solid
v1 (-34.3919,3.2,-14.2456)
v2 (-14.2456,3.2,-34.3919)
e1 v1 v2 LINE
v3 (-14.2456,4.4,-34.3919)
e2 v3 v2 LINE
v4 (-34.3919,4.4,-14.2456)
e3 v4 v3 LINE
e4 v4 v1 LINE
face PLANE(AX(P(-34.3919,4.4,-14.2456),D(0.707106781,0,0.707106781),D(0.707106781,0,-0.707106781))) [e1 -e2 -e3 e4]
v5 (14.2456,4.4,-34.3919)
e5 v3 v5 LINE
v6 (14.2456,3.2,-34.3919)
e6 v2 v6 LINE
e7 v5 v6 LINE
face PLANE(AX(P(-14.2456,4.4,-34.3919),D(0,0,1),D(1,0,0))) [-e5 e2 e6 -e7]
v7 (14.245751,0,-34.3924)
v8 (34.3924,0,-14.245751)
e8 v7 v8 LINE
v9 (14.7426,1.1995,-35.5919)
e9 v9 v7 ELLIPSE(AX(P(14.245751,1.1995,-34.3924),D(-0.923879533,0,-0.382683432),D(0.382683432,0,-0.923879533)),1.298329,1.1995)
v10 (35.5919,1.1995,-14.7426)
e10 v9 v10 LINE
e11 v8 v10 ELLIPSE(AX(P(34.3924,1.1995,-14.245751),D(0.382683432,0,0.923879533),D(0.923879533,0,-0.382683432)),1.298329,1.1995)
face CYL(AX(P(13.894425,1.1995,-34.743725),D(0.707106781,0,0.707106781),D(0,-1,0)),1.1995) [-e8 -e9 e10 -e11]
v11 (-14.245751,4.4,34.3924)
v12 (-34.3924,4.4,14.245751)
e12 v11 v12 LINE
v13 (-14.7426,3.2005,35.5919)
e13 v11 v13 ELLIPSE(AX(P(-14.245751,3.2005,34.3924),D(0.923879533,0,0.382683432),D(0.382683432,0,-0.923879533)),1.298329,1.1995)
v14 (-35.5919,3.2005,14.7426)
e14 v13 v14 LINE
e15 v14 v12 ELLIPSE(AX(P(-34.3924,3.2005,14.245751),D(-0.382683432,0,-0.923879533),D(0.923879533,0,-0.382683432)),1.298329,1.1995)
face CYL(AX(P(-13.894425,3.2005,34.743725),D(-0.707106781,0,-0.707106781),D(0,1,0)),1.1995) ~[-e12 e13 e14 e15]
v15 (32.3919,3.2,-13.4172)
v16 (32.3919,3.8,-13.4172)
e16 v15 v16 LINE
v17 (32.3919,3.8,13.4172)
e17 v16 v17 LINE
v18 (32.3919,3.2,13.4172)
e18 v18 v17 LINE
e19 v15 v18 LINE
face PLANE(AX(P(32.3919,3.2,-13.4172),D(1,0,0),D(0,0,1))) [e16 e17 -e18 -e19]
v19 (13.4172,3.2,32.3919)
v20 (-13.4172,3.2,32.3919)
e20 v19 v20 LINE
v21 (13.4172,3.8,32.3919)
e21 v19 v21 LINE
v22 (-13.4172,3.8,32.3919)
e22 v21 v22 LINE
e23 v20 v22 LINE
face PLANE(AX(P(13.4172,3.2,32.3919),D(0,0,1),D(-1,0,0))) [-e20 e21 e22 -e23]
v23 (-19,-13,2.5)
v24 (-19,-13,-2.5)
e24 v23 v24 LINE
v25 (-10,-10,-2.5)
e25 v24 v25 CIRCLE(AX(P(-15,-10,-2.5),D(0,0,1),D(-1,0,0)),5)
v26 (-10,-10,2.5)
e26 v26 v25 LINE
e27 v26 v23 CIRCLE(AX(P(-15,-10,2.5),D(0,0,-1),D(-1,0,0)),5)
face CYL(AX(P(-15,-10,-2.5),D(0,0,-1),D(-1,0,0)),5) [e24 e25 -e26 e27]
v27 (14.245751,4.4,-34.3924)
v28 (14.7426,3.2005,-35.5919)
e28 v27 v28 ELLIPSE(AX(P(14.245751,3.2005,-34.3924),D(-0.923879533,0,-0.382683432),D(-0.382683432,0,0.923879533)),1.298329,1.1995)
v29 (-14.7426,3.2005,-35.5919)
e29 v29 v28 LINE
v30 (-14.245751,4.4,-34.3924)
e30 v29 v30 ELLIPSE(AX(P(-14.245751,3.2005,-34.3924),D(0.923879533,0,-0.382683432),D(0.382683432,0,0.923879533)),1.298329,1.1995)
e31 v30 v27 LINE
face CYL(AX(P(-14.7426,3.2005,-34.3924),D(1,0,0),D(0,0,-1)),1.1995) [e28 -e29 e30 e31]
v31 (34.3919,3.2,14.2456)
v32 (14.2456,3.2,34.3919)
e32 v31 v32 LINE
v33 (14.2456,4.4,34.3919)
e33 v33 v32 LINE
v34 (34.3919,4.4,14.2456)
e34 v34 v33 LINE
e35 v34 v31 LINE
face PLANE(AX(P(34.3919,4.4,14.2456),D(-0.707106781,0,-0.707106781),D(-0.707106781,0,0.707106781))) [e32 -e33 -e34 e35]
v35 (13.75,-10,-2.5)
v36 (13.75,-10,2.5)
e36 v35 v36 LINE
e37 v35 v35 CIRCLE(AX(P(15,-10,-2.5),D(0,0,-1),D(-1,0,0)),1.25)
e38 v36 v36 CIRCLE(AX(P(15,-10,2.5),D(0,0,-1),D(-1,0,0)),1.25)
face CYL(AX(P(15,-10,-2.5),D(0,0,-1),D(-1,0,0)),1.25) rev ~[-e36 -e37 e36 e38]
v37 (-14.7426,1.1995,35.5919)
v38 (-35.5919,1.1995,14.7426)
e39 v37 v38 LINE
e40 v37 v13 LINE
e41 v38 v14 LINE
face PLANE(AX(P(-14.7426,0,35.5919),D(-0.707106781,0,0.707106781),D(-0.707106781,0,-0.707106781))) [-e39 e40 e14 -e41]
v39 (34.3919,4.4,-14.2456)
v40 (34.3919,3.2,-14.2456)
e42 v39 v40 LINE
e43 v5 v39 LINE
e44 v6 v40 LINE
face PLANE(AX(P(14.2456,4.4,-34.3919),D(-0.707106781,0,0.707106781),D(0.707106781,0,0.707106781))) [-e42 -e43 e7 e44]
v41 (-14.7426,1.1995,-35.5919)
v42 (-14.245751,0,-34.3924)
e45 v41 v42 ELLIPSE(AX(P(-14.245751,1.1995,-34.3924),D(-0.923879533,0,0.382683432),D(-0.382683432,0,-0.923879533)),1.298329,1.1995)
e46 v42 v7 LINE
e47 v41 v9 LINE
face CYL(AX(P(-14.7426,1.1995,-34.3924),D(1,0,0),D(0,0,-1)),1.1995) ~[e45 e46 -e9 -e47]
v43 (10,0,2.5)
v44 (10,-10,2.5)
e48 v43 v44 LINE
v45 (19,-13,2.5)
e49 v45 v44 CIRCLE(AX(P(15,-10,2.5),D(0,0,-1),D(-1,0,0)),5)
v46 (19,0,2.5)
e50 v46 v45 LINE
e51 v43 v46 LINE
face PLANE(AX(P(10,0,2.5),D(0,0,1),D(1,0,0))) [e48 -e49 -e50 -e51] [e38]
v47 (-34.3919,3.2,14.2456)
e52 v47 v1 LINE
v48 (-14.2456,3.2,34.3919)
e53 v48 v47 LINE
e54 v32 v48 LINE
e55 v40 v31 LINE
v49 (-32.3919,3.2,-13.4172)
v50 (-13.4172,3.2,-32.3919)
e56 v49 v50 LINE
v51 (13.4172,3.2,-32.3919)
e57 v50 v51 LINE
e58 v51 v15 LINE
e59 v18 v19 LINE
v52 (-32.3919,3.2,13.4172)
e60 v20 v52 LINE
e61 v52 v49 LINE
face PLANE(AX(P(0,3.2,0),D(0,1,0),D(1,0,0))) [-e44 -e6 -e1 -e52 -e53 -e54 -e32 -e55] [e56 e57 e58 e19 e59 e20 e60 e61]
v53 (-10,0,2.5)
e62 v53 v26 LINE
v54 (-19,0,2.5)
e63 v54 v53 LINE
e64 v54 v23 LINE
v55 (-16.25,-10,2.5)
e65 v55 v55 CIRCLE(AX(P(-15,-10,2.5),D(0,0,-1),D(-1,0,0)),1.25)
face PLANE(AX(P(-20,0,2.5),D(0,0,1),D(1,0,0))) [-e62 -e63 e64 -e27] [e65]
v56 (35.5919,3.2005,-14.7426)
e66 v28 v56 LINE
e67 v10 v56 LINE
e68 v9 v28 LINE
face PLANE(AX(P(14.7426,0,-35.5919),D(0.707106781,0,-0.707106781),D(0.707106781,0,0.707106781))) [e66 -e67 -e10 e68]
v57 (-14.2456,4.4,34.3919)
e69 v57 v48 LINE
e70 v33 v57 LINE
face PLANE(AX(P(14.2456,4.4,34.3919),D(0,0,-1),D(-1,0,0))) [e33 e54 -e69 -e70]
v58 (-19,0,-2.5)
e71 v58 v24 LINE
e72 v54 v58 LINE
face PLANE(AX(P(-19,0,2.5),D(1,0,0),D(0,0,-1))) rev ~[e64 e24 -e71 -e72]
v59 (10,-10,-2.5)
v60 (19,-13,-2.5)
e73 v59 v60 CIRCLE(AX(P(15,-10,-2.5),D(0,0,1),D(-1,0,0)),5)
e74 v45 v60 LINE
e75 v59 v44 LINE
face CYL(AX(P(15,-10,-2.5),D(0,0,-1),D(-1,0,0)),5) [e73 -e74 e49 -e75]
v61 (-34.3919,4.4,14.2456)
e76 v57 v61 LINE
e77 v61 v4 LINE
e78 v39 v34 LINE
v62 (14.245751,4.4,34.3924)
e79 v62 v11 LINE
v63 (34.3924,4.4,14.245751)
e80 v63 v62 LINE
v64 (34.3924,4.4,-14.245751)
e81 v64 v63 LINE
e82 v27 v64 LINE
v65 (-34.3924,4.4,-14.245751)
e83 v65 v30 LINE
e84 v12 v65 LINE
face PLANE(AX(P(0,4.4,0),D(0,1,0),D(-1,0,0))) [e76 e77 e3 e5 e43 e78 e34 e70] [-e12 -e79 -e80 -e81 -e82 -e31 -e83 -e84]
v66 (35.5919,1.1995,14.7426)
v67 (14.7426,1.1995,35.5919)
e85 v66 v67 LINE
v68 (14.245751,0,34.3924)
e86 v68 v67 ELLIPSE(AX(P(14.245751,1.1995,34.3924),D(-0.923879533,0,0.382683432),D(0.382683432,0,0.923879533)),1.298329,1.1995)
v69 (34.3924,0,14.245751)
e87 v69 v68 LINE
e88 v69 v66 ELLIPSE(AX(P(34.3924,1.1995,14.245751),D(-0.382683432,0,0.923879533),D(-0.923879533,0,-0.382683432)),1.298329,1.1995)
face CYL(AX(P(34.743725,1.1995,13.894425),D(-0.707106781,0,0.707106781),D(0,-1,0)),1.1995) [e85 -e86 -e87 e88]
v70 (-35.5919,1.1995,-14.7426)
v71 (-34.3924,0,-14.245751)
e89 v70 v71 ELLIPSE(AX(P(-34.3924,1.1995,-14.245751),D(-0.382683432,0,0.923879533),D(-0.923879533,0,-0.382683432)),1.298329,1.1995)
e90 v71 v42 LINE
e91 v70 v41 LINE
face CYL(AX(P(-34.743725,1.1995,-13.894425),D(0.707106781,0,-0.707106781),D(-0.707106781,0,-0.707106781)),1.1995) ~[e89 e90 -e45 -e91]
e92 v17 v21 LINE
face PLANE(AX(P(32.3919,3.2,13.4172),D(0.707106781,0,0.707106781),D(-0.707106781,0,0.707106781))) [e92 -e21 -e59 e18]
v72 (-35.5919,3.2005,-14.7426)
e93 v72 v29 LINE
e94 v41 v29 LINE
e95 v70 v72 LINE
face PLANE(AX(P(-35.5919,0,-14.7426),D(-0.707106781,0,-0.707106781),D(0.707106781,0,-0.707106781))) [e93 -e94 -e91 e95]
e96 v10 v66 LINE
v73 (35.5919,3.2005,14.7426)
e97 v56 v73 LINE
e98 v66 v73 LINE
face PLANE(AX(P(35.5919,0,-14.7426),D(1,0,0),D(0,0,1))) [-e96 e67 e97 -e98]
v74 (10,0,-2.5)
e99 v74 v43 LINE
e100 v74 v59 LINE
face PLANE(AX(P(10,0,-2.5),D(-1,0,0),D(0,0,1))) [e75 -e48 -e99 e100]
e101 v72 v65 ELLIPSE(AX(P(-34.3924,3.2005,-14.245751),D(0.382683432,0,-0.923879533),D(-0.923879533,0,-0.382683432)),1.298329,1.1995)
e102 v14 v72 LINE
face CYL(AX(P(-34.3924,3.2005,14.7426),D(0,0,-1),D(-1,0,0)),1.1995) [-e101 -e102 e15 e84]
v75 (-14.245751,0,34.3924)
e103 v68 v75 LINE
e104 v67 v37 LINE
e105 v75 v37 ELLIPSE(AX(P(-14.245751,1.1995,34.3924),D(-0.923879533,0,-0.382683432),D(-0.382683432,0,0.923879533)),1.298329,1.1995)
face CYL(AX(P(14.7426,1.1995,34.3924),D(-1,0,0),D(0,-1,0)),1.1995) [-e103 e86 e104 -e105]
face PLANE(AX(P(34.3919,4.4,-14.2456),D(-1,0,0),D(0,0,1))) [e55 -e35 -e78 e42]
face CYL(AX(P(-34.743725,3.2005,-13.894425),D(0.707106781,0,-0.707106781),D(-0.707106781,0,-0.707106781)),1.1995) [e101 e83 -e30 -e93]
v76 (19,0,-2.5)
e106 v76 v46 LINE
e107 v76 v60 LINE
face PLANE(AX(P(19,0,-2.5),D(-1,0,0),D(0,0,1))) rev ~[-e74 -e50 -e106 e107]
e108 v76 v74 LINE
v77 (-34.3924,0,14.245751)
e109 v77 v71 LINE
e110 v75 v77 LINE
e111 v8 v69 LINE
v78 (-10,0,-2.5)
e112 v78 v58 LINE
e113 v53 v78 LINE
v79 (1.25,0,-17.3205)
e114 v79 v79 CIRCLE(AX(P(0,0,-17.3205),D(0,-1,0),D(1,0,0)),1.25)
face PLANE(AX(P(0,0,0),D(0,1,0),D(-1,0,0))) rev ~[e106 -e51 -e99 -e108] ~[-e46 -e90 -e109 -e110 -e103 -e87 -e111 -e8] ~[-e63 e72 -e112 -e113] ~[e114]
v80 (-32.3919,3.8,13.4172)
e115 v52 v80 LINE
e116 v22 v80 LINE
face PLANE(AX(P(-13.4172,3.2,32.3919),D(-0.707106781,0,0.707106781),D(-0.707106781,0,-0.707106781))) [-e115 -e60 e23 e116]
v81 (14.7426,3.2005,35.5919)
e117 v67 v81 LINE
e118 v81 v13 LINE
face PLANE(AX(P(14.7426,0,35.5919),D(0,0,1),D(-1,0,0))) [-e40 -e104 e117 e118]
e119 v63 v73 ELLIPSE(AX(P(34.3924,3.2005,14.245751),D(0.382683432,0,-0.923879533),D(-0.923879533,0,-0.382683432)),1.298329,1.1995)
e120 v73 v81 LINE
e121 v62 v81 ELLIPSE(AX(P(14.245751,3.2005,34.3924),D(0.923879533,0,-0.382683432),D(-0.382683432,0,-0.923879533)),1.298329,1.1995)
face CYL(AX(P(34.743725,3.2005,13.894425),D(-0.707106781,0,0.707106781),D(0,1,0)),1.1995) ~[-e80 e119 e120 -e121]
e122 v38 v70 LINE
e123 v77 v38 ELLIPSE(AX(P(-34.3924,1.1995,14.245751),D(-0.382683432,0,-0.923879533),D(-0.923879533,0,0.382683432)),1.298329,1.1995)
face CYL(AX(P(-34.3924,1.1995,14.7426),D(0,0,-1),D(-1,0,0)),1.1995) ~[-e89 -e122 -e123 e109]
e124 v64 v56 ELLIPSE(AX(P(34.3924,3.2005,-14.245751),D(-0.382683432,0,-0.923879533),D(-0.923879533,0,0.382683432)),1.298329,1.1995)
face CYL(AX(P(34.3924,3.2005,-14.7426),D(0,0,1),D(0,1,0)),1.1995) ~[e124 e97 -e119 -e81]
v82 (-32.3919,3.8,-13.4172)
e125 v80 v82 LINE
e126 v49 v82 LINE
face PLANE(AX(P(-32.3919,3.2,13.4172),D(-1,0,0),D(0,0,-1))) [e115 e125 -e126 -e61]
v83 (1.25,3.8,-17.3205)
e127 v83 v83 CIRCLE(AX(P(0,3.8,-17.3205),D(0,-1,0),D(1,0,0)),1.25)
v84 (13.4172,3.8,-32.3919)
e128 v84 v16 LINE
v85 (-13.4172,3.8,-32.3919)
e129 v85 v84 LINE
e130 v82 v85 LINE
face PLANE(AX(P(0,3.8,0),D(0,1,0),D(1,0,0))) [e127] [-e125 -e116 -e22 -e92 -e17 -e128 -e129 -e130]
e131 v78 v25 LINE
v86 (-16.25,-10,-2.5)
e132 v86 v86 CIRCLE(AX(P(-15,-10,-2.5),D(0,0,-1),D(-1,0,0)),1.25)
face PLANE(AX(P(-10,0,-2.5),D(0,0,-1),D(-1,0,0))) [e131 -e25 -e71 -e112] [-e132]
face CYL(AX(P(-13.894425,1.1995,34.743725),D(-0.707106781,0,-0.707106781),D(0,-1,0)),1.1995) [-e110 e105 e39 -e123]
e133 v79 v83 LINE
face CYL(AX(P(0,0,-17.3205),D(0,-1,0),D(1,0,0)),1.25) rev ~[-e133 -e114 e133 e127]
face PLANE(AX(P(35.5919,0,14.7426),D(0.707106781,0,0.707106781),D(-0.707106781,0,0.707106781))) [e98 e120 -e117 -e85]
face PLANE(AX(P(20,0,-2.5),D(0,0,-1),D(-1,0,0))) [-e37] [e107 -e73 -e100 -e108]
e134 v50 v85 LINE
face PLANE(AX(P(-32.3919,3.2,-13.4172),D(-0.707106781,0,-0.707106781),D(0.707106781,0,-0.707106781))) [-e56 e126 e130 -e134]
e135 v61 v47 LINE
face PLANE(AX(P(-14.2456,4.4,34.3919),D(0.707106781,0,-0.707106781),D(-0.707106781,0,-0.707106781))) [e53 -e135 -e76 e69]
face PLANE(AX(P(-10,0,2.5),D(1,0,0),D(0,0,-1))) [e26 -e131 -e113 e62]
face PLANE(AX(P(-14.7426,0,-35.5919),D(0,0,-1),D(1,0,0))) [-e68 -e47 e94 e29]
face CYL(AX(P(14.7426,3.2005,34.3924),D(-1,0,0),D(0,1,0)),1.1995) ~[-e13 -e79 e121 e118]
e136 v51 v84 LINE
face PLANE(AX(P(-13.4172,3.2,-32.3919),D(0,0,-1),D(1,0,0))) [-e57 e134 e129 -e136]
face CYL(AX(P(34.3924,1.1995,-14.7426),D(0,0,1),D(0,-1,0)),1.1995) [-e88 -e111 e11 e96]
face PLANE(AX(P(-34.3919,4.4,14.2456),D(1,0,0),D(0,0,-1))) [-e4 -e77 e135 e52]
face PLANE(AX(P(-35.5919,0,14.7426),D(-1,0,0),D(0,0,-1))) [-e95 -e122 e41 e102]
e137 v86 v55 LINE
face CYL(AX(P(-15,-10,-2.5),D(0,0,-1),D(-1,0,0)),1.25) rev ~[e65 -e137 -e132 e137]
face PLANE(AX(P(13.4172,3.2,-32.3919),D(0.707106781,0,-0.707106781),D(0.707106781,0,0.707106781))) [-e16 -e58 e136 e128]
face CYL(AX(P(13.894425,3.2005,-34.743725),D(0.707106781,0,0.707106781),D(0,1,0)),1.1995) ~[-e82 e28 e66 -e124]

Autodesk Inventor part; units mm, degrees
ref_plane "YZ Plane" through (0, 0, 0) normal (1, 0, 0) x (0, 1, 0)
ref_plane "XZ Plane" through (0, 0, 0) normal (0, 1, 0) x (-1, 0, 0)
ref_plane "XY Plane" through (0, 0, 0) normal (0, 0, 1) x (1, 0, 0)
sketch "스케치3" plane through (0, 0, 0) normal (0, 1, 0) x (-1, 0, 0)
  line L0 (35.5919, -14.7426) -> (14.7426, -35.5919)
  line L1 (14.7426, -35.5919) -> (-14.7426, -35.5919)
  line L2 (-14.7426, -35.5919) -> (-35.5919, -14.7426)
  line L3 (-35.5919, -14.7426) -> (-35.5919, 14.7426)
  line L4 (-35.5919, 14.7426) -> (-14.7426, 35.5919)
  line L5 (-14.7426, 35.5919) -> (14.7426, 35.5919)
  line L6 (14.7426, 35.5919) -> (35.5919, 14.7426)
  line L7 (35.5919, 14.7426) -> (35.5919, -14.7426)
  line L8 (32.5919, -13.5) -> (13.5, -32.5919)
  line L9 (13.5, -32.5919) -> (-13.5, -32.5919)
  line L10 (-13.5, -32.5919) -> (-32.5919, -13.5)
  line L11 (-32.5919, -13.5) -> (-32.5919, 13.5)
  line L12 (-32.5919, 13.5) -> (-13.5, 32.5919)
  line L13 (-13.5, 32.5919) -> (13.5, 32.5919)
  line L14 (13.5, 32.5919) -> (32.5919, 13.5)
  line L15 (32.5919, 13.5) -> (32.5919, -13.5)
  point P0 (0, 0)
  point P1 (0, 0)
  point P2 (0, 0)
  point P3 (0, 0)
  dimension "d43" = 27
  dimension "d44" = 3
extrude "돌출2" add sketch "스케치3" along normal blind 4.4 contours L0 L1 L2 L3 L4 L5 L6 L7 | L8 L9 L10 L11 L12 L13 L14 L15
sketch "스케치4" plane through (0, 4.4, 0) normal (0, 1, 0) x (1, 0, 0)
  line L0 (13.5, -32.5919) -> (-13.5, -32.5919)
  line L1 (-13.5, -32.5919) -> (-32.5919, -13.5)
  line L2 (-32.5919, -13.5) -> (-32.5919, 13.5)
  line L3 (-32.5919, 13.5) -> (-13.5, 32.5919)
  line L4 (-13.5, 32.5919) -> (13.5, 32.5919)
  line L5 (13.5, 32.5919) -> (32.5919, 13.5)
  line L6 (32.5919, 13.5) -> (32.5919, -13.5)
  line L7 (32.5919, -13.5) -> (13.5, -32.5919)
  line L8 (-14.2456, 34.3919) -> (14.2456, 34.3919)
  line L9 (14.2456, 34.3919) -> (34.3919, 14.2456)
  line L10 (34.3919, 14.2456) -> (34.3919, -14.2456)
  line L11 (34.3919, -14.2456) -> (14.2456, -34.3919)
  line L12 (14.2456, -34.3919) -> (-14.2456, -34.3919)
  line L13 (-14.2456, -34.3919) -> (-34.3919, -14.2456)
  line L14 (-34.3919, -14.2456) -> (-34.3919, 14.2456)
  line L15 (-34.3919, 14.2456) -> (-14.2456, 34.3919)
  line L16 (-13.4172, 32.3919) -> (13.4172, 32.3919)
  line L17 (13.4172, 32.3919) -> (32.3919, 13.4172)
  line L18 (32.3919, 13.4172) -> (32.3919, -13.4172)
  line L19 (32.3919, -13.4172) -> (13.4172, -32.3919)
  line L20 (13.4172, -32.3919) -> (-13.4172, -32.3919)
  line L21 (-13.4172, -32.3919) -> (-32.3919, -13.4172)
  line L22 (-32.3919, -13.4172) -> (-32.3919, 13.4172)
  line L23 (-32.3919, 13.4172) -> (-13.4172, 32.3919)
  point P0 (0, 0)
  point P1 (0, 0)
  point P2 (0, 0)
  point P3 (0, 0)
  dimension "d7" = 27
  dimension "d42" = 1.8
  dimension "d45" = 0.2
extrude "돌출3" cut sketch "스케치4" against normal blind 1.2 contours L0 L1 L2 L3 L4 L5 L6 L7 | L8 L9 L10 L11 L12 L13 L14 L15 | L16 L17 L18 L19 L20 L21 L22 L23
sketch "스케치5" plane through (0, 0, 0) normal (0, -1, 0) x (1, 0, 0)
  line L0 (10, 2.5) -> (20, 2.5)
  line L1 (20, 2.5) -> (20, -2.5)
  line L2 (20, -2.5) -> (10, -2.5)
  line L3 (10, -2.5) -> (10, 2.5)
  line L4 (10, 2.5) -> (20, -2.5) construction
  line L5 (20, 2.5) -> (10, -2.5) construction
  line L6 (-20, 2.5) -> (-10, 2.5)
  line L7 (-10, 2.5) -> (-10, -2.5)
  line L8 (-10, -2.5) -> (-20, -2.5)
  line L9 (-20, -2.5) -> (-20, 2.5)
  line L10 (-20, 2.5) -> (-10, -2.5) construction
  line L11 (-10, 2.5) -> (-20, -2.5) construction
  point P0 (0, 0)
  point P1 (15, 0)
  point P2 (-15, 0)
  dimension "d11" = 10
  dimension "d12" = 5
  dimension "d13" = 10
  dimension "d16" = 30
extrude "돌출4" add sketch "스케치5" along normal blind 10
sketch "스케치6" plane through (-10, 0, -2.5) normal (0, 0, -1) x (-1, 0, 0)
  circle A0 centre (5, -10) radius 5
  circle A1 centre (-25, -10) radius 5
  line L0 (-20, -10) -> (-30, -10) projected
  line L1 (10, -10) -> (0, -10) projected
  point P0 (-10, 0)
  dimension "d23" = 10
  dimension "d24" = 10
extrude "돌출5" add sketch "스케치6" against normal blind 5
sketch "스케치7" plane through (-10, 0, -2.5) normal (0, 0, -1) x (-1, 0, 0)
  circle A0 centre (5, -10) radius 1.25
  line L0 (10, 0) -> (10, -10) projected
  line L1 (0, 0) -> (10, 0) projected
  line L2 (4.7788, 0) -> (0, 0)
  circle A1 centre (-25, -10) radius 1.25
  point P0 (-10, 0)
  dimension "d27" = 2.5
  dimension "d28" = 5
  dimension "d31" = 30
extrude "돌출6" cut sketch "스케치7" against normal blind 5
sketch "스케치8" plane through (0, 0, 0) normal (0, -1, 0) x (1, 0, 0)
  circle A0 centre (0, -17.3205) radius 1.25
  line L0 (-10, 2.5) -> (-10, -2.5) projected
  point P0 (0, 0)
  point P1 (-10, 0)
  dimension "d38" = 2.5
  dimension "d39" = 17.3205
sketch "스케치9" plane through (0, 3.2, 0) normal (0, 1, 0) x (1, 0, 0)
  line L0 (-13.4172, 32.3919) -> (13.4172, 32.3919)
  line L1 (13.4172, 32.3919) -> (32.3919, 13.4172)
  line L2 (32.3919, 13.4172) -> (32.3919, -13.4172)
  line L3 (32.3919, -13.4172) -> (13.4172, -32.3919)
  line L4 (13.4172, -32.3919) -> (-13.4172, -32.3919)
  line L5 (-13.4172, -32.3919) -> (-32.3919, -13.4172)
  line L6 (-32.3919, -13.4172) -> (-32.3919, 13.4172)
  line L7 (-32.3919, 13.4172) -> (-13.4172, 32.3919)
  line L8 (-14.2456, 34.3919) -> (14.2456, 34.3919) projected
  line L9 (-12.1745, 29.3919) -> (12.1745, 29.3919)
  line L10 (12.1745, 29.3919) -> (29.3919, 12.1745)
  line L11 (29.3919, 12.1745) -> (29.3919, -12.1745)
  line L12 (29.3919, -12.1745) -> (12.1745, -29.3919)
  line L13 (12.1745, -29.3919) -> (-12.1745, -29.3919)
  line L14 (-12.1745, -29.3919) -> (-29.3919, -12.1745)
  line L15 (-29.3919, -12.1745) -> (-29.3919, 12.1745)
  line L16 (-29.3919, 12.1745) -> (-12.1745, 29.3919)
  point P0 (0, 0)
  point P1 (0, 0)
  point P2 (0, 0)
  dimension "d46" = 2
  dimension "d47" = 3
extrude "돌출8" add sketch "스케치9" along normal blind 0.6 contours L0 L1 L2 L3 L4 L5 L6 L7 | L9 L10 L11 L12 L13 L14 L15 L16
fillet "모깎기1" radius 1.2 16 edges at (-35.5919, 4.4, 0) (-25.1673, 4.4, 25.1673) (0, 4.4, 35.5919) (25.1673, 4.4, 25.1673) (35.5919, 4.4, 0) (25.1673, 4.4, -25.1673) (0, 4.4, -35.5919) (-25.1673, 4.4, -25.1673) (25.1673, 0, 25.1673) (0, 0, 35.5919) (-25.1673, 0, 25.1673) (-35.5919, 0, 0) (-25.1673, 0, -25.1673) (0, 0, -35.5919) (25.1673, 0, -25.1673) (35.5919, 0, 0)
sketch "스케치10" plane through (0, 0, 0) normal (0, -1, 0) x (1, 0, 0)
  line L0 (-20, 2.5) -> (-10, 2.5) projected
  line L1 (-10, -2.5) -> (-20, -2.5) projected
  line L2 (-20, 2.5) -> (-19, 2.5)
  line L3 (-19, 2.5) -> (-19, -2.5)
  line L4 (-19, -2.5) -> (-20, -2.5)
  line L5 (-20, -2.5) -> (-20, 2.5)
  line L6 (20, -2.5) -> (10, -2.5) projected
  line L7 (10, 2.5) -> (20, 2.5) projected
  line L8 (20, -2.5) -> (19, -2.5)
  line L9 (19, -2.5) -> (19, 2.5)
  line L10 (19, 2.5) -> (20, 2.5)
  line L11 (20, 2.5) -> (20, -2.5)
  point P0 (0, 0)
  dimension "d54" = 1
  dimension "d55" = 1
extrude "돌출9" cut sketch "스케치10" along normal blind 15
extrude "돌출10" cut sketch "스케치8" against normal blind 5
equation "\"d55\" = d54"
properties part number "OV-PAM_top_2"
